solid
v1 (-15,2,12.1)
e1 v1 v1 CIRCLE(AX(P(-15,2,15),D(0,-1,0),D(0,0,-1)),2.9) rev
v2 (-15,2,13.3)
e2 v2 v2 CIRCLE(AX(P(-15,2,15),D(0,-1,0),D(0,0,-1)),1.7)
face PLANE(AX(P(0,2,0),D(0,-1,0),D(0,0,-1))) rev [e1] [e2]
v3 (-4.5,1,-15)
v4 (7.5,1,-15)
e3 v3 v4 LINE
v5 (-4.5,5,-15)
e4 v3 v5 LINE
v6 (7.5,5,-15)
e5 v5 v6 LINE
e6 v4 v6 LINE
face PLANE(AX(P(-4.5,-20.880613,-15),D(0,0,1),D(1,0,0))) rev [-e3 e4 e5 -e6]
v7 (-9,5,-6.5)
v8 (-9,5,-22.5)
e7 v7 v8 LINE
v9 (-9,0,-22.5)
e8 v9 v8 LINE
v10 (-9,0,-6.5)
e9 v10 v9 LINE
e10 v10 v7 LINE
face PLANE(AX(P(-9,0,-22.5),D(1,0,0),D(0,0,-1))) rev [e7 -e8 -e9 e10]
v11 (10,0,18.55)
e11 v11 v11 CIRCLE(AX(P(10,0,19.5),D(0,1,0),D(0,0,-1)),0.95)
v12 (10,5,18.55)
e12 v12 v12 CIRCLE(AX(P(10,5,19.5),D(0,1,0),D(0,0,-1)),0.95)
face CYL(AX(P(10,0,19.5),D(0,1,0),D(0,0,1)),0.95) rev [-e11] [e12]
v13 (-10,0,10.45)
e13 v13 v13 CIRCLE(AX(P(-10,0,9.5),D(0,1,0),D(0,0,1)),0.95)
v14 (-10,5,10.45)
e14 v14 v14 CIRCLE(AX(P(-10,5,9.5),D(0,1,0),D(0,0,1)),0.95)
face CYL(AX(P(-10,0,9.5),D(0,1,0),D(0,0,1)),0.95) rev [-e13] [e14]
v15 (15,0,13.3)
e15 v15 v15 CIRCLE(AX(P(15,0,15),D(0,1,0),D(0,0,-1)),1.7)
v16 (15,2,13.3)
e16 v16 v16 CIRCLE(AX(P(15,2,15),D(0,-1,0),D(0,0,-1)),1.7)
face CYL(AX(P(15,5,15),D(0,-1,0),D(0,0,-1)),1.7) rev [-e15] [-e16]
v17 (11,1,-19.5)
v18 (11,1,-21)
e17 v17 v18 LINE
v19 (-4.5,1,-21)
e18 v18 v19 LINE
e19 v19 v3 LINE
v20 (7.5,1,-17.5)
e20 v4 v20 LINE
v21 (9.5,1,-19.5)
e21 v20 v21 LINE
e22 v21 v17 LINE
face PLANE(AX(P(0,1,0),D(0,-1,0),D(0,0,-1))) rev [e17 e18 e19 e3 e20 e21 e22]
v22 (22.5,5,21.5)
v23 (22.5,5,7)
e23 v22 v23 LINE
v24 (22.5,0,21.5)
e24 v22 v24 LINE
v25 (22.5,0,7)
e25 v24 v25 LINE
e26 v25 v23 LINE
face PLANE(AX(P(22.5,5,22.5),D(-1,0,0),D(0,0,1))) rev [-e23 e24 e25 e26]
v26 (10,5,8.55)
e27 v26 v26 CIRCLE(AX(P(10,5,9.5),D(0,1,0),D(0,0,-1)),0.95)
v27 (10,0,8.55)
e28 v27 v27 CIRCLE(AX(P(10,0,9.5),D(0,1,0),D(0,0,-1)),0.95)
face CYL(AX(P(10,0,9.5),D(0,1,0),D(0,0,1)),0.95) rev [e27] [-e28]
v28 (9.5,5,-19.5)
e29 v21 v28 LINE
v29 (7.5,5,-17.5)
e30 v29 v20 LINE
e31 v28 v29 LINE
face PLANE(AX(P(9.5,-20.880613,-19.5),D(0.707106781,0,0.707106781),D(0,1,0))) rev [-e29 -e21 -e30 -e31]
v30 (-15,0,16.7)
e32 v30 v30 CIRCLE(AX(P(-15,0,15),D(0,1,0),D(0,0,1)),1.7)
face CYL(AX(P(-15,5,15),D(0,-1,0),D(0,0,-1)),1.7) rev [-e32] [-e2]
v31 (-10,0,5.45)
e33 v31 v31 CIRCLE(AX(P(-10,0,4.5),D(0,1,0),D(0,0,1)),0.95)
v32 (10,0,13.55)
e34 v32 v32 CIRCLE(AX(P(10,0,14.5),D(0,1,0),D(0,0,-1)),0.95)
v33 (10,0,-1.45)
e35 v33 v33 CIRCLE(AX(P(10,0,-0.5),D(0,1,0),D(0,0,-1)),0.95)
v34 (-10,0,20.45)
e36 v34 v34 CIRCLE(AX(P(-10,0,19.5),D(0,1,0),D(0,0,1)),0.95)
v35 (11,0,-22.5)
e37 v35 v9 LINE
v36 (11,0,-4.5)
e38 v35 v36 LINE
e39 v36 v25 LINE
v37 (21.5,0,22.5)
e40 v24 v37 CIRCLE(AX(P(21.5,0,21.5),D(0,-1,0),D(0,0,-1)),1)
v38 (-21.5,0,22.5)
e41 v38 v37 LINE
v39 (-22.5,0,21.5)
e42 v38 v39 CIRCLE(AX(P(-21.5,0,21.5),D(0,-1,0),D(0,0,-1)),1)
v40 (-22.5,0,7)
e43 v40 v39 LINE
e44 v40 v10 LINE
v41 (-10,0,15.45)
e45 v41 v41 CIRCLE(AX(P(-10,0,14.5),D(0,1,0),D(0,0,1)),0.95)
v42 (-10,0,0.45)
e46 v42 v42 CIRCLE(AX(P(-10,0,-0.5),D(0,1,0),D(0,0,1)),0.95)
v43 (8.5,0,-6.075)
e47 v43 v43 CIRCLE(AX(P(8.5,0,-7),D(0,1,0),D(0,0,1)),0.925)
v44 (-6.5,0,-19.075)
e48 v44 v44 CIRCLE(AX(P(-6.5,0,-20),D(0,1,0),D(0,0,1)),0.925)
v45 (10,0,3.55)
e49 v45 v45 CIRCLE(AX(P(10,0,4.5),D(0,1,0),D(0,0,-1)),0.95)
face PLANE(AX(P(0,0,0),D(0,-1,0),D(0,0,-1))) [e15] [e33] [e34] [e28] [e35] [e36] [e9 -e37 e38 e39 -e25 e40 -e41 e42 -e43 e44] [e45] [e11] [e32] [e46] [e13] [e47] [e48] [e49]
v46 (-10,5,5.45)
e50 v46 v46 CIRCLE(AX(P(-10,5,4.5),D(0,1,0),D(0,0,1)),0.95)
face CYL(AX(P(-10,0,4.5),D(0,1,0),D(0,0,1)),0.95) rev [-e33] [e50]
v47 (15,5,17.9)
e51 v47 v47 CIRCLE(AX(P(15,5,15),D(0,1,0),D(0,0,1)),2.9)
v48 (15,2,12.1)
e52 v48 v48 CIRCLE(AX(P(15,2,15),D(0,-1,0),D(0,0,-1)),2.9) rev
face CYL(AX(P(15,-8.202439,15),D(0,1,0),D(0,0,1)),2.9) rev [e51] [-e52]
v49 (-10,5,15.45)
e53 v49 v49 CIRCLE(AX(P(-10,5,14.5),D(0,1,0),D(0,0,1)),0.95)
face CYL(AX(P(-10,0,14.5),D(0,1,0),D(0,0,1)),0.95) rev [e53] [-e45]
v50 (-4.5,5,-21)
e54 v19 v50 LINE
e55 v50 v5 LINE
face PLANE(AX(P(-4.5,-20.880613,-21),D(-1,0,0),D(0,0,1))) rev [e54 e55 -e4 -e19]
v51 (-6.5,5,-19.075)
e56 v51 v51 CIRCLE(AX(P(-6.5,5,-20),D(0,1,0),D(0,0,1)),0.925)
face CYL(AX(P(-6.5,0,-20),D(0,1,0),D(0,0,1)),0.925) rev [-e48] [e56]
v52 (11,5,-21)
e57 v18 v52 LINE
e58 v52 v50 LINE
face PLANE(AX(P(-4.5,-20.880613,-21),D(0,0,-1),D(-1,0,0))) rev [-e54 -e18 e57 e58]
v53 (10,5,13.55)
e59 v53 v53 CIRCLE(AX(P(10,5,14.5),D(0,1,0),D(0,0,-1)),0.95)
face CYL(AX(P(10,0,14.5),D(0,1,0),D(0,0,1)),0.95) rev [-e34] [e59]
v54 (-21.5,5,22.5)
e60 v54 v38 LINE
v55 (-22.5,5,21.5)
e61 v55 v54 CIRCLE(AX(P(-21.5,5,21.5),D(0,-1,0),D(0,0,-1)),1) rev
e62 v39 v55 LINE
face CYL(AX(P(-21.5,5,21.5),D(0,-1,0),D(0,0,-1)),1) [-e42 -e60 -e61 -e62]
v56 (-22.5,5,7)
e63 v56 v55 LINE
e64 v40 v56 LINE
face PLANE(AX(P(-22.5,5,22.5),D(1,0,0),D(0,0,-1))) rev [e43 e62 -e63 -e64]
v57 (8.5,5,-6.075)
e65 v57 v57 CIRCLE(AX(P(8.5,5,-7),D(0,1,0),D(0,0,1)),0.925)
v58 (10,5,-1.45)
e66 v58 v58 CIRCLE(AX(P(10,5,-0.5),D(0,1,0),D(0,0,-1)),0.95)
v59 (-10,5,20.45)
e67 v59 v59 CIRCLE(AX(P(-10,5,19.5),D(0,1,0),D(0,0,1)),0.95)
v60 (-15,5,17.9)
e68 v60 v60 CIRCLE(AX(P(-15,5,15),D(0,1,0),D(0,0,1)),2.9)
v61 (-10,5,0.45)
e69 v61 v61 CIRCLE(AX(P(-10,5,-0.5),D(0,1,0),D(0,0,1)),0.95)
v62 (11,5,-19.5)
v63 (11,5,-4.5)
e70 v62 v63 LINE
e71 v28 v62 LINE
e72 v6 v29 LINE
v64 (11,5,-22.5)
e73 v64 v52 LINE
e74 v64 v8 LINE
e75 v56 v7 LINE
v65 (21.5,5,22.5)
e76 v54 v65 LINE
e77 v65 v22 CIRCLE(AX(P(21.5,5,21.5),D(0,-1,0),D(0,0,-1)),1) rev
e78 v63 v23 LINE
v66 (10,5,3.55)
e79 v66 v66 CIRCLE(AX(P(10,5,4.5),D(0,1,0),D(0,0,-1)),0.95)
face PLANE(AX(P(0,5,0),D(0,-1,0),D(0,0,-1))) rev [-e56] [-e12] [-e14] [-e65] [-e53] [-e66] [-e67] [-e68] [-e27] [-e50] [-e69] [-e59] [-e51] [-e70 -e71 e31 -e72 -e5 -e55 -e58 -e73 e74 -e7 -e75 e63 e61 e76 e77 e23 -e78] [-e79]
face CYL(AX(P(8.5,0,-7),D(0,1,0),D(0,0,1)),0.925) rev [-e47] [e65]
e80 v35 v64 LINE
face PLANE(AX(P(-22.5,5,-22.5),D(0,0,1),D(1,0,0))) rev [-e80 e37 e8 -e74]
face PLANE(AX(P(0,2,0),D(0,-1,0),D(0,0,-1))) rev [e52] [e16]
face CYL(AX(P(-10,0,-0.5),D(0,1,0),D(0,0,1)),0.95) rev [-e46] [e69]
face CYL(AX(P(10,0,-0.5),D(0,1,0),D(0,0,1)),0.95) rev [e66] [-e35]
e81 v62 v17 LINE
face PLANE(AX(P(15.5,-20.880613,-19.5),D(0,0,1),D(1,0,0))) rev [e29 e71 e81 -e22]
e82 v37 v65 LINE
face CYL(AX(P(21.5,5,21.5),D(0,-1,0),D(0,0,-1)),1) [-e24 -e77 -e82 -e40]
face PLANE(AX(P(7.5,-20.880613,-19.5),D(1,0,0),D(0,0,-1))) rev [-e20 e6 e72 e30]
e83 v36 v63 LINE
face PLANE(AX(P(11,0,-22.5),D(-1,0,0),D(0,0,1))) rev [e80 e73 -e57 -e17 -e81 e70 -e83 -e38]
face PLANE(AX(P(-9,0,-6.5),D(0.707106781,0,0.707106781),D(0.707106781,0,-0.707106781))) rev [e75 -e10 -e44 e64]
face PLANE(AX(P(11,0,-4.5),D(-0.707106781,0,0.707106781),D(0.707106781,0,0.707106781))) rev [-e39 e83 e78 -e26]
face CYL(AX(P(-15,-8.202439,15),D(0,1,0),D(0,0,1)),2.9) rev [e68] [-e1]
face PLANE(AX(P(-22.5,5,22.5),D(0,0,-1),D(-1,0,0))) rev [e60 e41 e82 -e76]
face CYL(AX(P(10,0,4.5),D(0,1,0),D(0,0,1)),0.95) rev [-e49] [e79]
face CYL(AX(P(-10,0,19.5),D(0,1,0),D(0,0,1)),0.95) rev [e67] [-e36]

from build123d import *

# Parameters (mm, degrees)
SKETCH1_W           = 45
SKETCH1_H           = 45
SKETCH1_R           = 1.7
BOSS_EXTRUDE1_DEPTH = 5
SKETCH7_R           = 2.9
CUT_EXTRUDE6_DEPTH  = 3
SKETCH4_R           = 0.925
CUT_EXTRUDE3_DEPTH  = 33.210246817
SKETCH5_R           = 0.95
CUT_EXTRUDE4_DEPTH  = 33.210246817
LPATTERN1_COUNT     = 5
LPATTERN1_PITCH     = 5
FILLET1_R           = 1
CUT_EXTRUDE7_START  = -4
CUT_EXTRUDE7_DEPTH  = 4
FILLET2_R           = 3
CHAMFER2_SIZE       = 2
CUT_EXTRUDE8_DEPTH  = 33.210246817


with BuildPart() as part:
    # Sketch1 → Boss-Extrude1 (new body)
    with BuildSketch(Plane(origin=(0, 0, 0), x_dir=(1, 0, 0), z_dir=(0, 1, 0))):
        Rectangle(SKETCH1_W, SKETCH1_H)
        with Locations(Location((-15, 15, 0), (0, 0, 270))):
            Circle(SKETCH1_R, mode=Mode.SUBTRACT)
        with Locations(Location((-15, -15, 0), (0, 0, 270))):
            Circle(SKETCH1_R, mode=Mode.SUBTRACT)
        with Locations(Location((15, -15, 0), (0, 0, 90))):
            Circle(SKETCH1_R, mode=Mode.SUBTRACT)
        with Locations(Location((15, 15, 0), (0, 0, 90))):
            Circle(SKETCH1_R, mode=Mode.SUBTRACT)
    extrude(amount=BOSS_EXTRUDE1_DEPTH)

    # Sketch7 → Cut-Extrude6 (cut)
    with BuildSketch(Plane(origin=(0, 5, 0), x_dir=(1, 0, 0), z_dir=(0, 1, 0))):
        with Locations(Location((-15, 15, 0), (0, 0, 270))):
            Circle(SKETCH7_R)
        with Locations(Location((15, 15, 0), (0, 0, 270))):
            Circle(SKETCH7_R)
        with Locations(Location((-15, -15, 0), (0, 0, 270))):
            Circle(SKETCH7_R)
        with Locations(Location((15, -15, 0), (0, 0, 270))):
            Circle(SKETCH7_R)
    extrude(amount=-CUT_EXTRUDE6_DEPTH, mode=Mode.SUBTRACT)

    # Sketch4 → Cut-Extrude3 (cut, through all)
    with BuildSketch(Plane(origin=(0, 5, 0), x_dir=(1, 0, 0), z_dir=(0, 1, 0))):
        with Locations(Location((-6.5, 20, 0), (0, 0, 270))):
            Circle(SKETCH4_R)
        with Locations(Location((8.5, 7, 0), (0, 0, 270))):
            Circle(SKETCH4_R)
    extrude(amount=-CUT_EXTRUDE3_DEPTH, mode=Mode.SUBTRACT)

    # Sketch5 → Cut-Extrude4 (cut, through all)
    with BuildSketch(Plane(origin=(0, 5, 0), x_dir=(1, 0, 0), z_dir=(0, 1, 0))):
        with Locations(Location((-10, -19.5, 0), (0, 0, 270))):
            Circle(SKETCH5_R)
        with Locations(Location((10, -19.5, 0), (0, 0, 90))):
            Circle(SKETCH5_R)
    cut_extrude4 = extrude(amount=-CUT_EXTRUDE4_DEPTH, mode=Mode.SUBTRACT)

    # LPattern1: Cut-Extrude4 ×5
    with Locations(*[(0, 0, -i * LPATTERN1_PITCH) for i in range(1, LPATTERN1_COUNT)]):
        add(cut_extrude4, mode=Mode.SUBTRACT)

    # Fillet1
    fillet1_edges = [part.edges().sort_by_distance(p)[0] for p in [
        (22.5, 2.5, 22.5),
        (-22.5, 2.5, 22.5),
        (-22.5, 2.5, -22.5),
        (22.5, 2.5, -22.5),
    ]]
    fillet(fillet1_edges, radius=FILLET1_R)

    # Sketch8 → Cut-Extrude7 (cut)
    with BuildSketch(Plane(origin=(0, 5, 0), x_dir=(1, 0, 0), z_dir=(0, 1, 0)).offset(CUT_EXTRUDE7_START)):
        Polygon((-4.5, 21), (7.5, 21), (15.5, 21), (15.5, 19.5), (7.5, 19.5), (7.5, 15), (-4.5, 15), align=None)
    extrude(amount=CUT_EXTRUDE7_DEPTH, mode=Mode.SUBTRACT)

    # Fillet2
    fillet2_edges = [part.edges().sort_by_distance(p)[0] for p in [
        (15.5, 1, -20.25),
    ]]
    fillet(fillet2_edges, radius=FILLET2_R)

    # Chamfer2
    chamfer2_edges = [part.edges().sort_by_distance(p)[0] for p in [
        (7.5, 3, -19.5),
    ]]
    chamfer(chamfer2_edges, length=CHAMFER2_SIZE)

    # Sketch9 → Cut-Extrude8 (cut, through all)
    with BuildSketch(Plane(origin=(0, 5, 0), x_dir=(1, 0, 0), z_dir=(0, 1, 0))):
        with BuildLine():
            Line((-9, 22.5), (-9, 6.5))
            Line((-9, 6.5), (-22.5, -7))
            Line((-22.5, -7), (-22.5, 21.5))
            ThreePointArc((-22.5, 21.5), (-22.207106781, 22.207106781), (-21.5, 22.5))
            Line((-21.5, 22.5), (-9, 22.5))
        make_face()
        with BuildLine():
            Line((21.5, 22.5), (11, 22.5))
            Line((11, 22.5), (11, 4.5))
            Line((11, 4.5), (22.5, -7))
            Line((22.5, -7), (22.5, 21.5))
            ThreePointArc((22.5, 21.5), (22.207106781, 22.207106781), (21.5, 22.5))
        make_face()
    extrude(amount=-CUT_EXTRUDE8_DEPTH, mode=Mode.SUBTRACT)


solid = part.part
